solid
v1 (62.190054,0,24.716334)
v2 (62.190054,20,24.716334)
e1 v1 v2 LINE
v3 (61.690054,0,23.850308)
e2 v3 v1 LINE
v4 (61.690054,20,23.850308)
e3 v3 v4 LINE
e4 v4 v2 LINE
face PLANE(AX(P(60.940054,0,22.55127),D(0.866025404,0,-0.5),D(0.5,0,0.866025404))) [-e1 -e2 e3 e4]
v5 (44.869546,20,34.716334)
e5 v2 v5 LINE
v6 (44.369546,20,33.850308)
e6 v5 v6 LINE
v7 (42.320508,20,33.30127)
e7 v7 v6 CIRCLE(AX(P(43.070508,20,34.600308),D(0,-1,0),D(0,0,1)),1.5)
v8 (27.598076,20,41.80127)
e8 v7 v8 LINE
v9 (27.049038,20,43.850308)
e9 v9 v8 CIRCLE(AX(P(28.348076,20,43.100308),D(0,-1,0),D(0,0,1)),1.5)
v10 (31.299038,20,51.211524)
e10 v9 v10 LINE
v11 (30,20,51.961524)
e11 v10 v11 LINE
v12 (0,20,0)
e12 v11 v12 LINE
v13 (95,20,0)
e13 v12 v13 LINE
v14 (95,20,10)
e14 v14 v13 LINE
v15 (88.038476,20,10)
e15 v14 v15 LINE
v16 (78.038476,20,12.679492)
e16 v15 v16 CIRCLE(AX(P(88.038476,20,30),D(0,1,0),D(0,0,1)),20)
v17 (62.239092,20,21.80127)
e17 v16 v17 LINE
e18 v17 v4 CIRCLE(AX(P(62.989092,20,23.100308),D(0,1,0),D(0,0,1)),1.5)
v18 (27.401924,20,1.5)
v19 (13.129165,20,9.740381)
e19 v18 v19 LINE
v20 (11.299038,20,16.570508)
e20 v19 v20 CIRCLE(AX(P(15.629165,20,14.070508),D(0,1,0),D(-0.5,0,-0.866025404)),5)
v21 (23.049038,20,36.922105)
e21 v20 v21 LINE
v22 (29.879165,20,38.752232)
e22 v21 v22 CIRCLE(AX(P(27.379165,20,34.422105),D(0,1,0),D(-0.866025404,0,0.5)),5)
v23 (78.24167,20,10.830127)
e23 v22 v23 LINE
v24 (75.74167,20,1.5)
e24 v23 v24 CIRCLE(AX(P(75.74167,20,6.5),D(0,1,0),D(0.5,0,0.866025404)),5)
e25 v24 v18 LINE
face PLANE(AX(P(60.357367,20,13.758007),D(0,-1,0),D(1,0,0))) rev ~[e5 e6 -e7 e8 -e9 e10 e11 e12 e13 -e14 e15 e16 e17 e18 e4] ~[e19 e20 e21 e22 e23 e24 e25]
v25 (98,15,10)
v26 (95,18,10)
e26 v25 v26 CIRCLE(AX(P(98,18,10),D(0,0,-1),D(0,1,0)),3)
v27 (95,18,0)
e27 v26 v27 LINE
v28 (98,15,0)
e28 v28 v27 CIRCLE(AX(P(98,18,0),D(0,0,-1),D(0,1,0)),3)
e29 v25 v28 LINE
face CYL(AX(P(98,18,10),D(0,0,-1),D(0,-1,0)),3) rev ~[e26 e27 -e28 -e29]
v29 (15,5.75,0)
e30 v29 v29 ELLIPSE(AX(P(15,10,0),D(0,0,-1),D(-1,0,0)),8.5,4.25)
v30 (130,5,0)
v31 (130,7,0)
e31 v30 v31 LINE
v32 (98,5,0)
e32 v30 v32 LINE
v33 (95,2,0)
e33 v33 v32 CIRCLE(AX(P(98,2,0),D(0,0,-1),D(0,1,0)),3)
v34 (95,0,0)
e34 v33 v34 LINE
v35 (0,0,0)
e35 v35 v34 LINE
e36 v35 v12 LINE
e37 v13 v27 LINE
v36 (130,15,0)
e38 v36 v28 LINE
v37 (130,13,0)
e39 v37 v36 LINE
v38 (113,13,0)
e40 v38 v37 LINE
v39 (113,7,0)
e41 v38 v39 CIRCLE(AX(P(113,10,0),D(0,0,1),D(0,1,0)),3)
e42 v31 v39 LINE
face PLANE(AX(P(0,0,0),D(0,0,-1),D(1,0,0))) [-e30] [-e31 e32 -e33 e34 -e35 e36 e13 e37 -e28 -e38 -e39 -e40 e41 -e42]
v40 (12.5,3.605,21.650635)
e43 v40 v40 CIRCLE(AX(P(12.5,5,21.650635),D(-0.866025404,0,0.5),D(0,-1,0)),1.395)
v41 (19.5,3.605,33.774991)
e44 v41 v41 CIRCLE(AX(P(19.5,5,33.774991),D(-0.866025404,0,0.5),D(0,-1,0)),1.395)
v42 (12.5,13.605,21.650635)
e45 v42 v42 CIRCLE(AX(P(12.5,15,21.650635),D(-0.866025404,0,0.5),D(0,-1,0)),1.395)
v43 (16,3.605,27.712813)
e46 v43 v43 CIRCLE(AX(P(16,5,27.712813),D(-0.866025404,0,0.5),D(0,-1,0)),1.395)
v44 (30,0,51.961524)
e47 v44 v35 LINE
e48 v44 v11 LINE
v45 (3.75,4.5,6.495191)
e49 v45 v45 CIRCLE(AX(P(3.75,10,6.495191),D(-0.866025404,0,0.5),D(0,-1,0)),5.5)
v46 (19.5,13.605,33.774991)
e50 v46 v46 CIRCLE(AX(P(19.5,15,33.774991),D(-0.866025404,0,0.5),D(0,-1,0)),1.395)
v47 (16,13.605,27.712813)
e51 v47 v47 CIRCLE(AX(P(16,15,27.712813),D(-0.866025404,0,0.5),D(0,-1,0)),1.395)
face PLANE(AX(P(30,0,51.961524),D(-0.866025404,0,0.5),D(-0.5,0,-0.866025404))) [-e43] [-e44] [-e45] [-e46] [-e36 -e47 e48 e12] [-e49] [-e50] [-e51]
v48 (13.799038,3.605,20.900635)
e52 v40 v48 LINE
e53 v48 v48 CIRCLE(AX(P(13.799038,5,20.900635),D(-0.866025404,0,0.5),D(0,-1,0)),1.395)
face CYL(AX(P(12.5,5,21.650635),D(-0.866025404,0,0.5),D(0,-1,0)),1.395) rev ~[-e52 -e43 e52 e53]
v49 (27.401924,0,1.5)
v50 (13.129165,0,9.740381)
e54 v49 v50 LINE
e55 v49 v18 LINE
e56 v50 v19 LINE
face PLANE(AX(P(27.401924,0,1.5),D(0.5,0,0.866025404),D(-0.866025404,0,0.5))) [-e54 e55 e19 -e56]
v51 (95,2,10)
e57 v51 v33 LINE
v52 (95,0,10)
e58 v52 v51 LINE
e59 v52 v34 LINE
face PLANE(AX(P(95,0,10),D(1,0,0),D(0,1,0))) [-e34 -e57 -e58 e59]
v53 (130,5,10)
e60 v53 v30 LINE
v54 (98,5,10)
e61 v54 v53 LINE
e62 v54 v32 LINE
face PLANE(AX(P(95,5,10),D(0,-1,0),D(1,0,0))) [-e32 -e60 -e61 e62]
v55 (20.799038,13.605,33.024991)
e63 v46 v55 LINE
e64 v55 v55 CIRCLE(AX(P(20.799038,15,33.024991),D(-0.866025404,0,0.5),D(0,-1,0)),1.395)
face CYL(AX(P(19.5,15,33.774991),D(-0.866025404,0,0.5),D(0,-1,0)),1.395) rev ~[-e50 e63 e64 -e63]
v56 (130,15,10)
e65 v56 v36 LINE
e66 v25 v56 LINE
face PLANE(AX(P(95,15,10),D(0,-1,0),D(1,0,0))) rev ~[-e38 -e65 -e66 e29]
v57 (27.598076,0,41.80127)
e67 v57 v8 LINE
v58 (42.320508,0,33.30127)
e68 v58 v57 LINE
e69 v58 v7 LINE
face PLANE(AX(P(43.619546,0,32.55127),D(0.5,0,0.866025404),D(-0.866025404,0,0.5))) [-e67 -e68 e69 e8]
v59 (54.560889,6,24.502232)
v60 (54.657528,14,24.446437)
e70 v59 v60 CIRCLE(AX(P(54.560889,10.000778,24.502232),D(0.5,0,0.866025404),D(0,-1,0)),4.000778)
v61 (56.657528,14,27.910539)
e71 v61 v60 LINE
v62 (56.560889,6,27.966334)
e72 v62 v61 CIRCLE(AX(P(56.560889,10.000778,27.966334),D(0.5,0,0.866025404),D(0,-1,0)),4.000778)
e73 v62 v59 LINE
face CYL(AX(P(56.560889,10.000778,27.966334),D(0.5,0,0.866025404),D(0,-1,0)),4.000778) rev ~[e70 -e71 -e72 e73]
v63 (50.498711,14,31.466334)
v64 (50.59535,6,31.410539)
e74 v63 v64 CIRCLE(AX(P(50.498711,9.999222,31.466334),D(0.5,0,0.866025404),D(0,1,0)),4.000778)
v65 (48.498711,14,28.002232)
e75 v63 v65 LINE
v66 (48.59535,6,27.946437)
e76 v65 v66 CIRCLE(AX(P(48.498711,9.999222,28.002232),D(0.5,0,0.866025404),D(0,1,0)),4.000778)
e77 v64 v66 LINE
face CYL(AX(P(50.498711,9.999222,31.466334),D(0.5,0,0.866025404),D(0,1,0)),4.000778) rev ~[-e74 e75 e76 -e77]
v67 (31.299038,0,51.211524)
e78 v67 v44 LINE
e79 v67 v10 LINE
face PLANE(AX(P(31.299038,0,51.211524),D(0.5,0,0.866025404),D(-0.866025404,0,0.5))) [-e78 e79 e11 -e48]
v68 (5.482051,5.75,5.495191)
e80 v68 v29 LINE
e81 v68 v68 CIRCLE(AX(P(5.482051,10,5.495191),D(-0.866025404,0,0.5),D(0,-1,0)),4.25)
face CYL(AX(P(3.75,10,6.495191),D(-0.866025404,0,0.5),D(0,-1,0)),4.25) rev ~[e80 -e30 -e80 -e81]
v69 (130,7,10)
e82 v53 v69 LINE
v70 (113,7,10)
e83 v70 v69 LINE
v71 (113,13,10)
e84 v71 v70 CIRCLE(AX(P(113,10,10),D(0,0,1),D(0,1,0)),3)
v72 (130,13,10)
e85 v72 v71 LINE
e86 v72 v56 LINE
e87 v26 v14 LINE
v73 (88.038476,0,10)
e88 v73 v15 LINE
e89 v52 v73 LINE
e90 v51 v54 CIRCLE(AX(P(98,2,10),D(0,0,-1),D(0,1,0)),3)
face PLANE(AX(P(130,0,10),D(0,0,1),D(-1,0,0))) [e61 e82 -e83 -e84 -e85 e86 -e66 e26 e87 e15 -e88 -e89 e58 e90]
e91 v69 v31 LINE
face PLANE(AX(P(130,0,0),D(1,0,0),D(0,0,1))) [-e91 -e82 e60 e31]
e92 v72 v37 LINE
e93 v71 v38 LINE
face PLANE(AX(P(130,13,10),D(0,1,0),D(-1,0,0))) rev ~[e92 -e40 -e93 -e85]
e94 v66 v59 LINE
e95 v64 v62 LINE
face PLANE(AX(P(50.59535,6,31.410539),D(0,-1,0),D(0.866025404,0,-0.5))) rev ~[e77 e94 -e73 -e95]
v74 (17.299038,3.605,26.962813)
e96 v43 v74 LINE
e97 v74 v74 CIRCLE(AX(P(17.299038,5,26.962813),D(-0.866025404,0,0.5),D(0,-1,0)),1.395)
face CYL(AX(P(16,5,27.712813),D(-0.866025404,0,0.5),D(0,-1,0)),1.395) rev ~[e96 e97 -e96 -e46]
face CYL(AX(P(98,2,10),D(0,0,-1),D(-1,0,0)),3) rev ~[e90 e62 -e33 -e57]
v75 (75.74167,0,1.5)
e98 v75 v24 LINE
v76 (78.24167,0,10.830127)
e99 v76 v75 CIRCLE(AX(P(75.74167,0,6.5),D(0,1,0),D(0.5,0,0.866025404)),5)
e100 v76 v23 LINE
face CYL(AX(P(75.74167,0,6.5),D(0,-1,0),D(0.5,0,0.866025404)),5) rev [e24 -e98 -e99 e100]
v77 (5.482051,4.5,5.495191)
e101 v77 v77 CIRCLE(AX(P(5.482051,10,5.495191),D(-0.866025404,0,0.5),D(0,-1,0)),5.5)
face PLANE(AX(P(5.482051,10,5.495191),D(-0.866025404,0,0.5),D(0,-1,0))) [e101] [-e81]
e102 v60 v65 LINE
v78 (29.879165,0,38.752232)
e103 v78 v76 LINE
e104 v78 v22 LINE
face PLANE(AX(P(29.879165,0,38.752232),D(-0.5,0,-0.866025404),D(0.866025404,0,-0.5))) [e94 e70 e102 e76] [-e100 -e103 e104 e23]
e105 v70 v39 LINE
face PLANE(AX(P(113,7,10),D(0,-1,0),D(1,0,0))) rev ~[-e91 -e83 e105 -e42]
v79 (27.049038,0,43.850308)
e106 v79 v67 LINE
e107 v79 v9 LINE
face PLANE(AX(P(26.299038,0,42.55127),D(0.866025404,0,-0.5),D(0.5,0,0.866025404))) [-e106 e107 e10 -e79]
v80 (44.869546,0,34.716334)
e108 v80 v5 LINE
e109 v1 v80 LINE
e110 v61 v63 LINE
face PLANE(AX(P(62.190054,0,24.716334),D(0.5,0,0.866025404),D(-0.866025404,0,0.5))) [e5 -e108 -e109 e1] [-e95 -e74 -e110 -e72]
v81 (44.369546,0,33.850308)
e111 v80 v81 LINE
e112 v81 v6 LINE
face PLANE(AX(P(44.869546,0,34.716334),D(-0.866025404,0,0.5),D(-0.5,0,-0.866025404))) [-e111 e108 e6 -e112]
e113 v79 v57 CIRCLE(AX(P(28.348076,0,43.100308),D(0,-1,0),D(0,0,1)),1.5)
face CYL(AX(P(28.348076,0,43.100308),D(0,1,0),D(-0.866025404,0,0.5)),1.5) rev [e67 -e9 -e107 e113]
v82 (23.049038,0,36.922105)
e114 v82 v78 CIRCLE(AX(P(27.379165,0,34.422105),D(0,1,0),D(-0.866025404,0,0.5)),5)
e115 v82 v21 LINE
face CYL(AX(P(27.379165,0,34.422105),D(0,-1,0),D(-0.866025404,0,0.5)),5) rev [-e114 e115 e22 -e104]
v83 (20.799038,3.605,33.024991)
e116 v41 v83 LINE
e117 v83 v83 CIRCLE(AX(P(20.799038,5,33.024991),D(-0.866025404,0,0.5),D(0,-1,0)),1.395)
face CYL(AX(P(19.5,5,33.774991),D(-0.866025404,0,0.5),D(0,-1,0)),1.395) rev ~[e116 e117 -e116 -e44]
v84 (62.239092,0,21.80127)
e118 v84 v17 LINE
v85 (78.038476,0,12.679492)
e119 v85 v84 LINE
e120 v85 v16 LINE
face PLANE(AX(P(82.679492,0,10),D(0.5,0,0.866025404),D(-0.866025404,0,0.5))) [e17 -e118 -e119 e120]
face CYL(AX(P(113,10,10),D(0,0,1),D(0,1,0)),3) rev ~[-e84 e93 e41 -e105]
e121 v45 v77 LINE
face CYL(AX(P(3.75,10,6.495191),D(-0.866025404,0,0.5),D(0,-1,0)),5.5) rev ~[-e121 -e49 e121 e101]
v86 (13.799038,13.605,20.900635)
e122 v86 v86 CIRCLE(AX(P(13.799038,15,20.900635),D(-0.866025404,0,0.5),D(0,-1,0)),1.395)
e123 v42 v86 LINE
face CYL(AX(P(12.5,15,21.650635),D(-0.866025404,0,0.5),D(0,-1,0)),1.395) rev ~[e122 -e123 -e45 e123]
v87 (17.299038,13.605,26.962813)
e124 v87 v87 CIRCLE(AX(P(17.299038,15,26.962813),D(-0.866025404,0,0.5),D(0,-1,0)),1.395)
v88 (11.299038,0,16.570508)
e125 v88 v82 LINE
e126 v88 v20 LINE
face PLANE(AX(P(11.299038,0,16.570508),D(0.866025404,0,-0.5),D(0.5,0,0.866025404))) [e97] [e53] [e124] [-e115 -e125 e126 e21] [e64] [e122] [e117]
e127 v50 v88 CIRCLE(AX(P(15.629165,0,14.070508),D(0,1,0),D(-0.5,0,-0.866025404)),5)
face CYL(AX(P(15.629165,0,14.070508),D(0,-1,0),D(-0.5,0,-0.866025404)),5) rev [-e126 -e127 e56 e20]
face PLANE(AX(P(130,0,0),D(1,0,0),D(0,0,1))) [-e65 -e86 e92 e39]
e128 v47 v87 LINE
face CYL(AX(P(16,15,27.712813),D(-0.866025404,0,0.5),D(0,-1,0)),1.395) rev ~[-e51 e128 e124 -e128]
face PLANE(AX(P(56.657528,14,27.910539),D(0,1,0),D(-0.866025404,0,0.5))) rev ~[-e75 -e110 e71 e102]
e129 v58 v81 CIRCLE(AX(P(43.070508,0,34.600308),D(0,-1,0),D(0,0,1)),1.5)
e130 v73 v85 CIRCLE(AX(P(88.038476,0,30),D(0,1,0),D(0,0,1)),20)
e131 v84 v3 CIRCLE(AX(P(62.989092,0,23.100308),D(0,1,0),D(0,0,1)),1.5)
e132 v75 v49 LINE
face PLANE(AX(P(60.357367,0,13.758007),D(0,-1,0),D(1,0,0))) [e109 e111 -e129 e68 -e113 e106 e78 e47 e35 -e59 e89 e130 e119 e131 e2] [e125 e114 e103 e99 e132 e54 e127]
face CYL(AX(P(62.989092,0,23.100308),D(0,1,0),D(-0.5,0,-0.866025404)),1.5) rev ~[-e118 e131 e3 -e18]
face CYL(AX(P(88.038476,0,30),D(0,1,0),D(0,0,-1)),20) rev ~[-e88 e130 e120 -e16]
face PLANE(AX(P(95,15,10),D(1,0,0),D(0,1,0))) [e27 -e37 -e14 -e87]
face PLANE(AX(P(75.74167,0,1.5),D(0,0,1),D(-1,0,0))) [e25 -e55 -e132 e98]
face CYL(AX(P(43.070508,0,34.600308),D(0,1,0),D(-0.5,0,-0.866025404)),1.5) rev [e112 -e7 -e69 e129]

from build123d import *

# Parameters (mm, degrees)
F1_DEPTH  = 20
F2_R      = 1.5
F3_R      = 20
F4_W      = 35
F4_H      = 5
F5_DEPTH  = 10.001
F6_R      = 3
F8_DEPTH  = 4
F9_R      = 5.5
F9_R_2    = 4.25
F10_DEPTH = 2
F9_R_3    = 1.395
F11_DEPTH = 1.5
F12_DEPTH = 112.584302492


with BuildPart() as f1:
    # F0 (on Front) → F1 (new body)
    with BuildSketch(Plane.XZ):
        Polygon((30, 51.9615242271), (0, 0), (130, 0), (130, 10), (82.6794919243, 10), (60.9400542571, 22.5512701892), (62.1900542571, 24.7163336987), (44.8695461814, 34.7163336987), (43.6195461814, 32.5512701892), (26.2990381057, 42.5512701892), (31.2990381057, 51.2115242271), align=None)
        with BuildLine():
            Line((75.7416697508, 1.5), (27.4019237886, 1.5))
            Line((27.4019237886, 1.5), (13.1291651246, 9.7403810568))
            ThreePointArc((13.1291651246, 9.7403810568), (10.7995359932, 12.7764128502), (11.2990381057, 16.5705080757))
            Line((11.2990381057, 16.5705080757), (23.0490381057, 36.9221050646))
            ThreePointArc((23.0490381057, 36.9221050646), (26.0850698991, 39.2517341961), (29.8791651246, 38.7522320835))
            Line((29.8791651246, 38.7522320835), (78.2416697508, 10.8301270189))
            ThreePointArc((78.2416697508, 10.8301270189), (80.5712988822, 5.2059047745), (75.7416697508, 1.5))
        make_face(mode=Mode.SUBTRACT)
    extrude(amount=-F1_DEPTH)

    # F2
    f2_edges = [f1.edges().sort_by_distance(p)[0] for p in [
        (60.940054, 10, 22.55127),
        (43.619546, 10, 32.55127),
        (26.299038, 10, 42.55127),
    ]]
    fillet(f2_edges, radius=F2_R)

    # F3
    f3_edges = [f1.edges().sort_by_distance(p)[0] for p in [
        (82.679492, 10, 10),
    ]]
    fillet(f3_edges, radius=F3_R)

    # F4 (on face) → F5 (cut, through all)
    with BuildSketch(Plane.XY.offset(10)):
        with Locations((112.5, 2.5)):
            Rectangle(F4_W, F4_H)
        with Locations((112.5, 17.5)):
            Rectangle(F4_W, F4_H)
        with BuildLine():
            Line((113, 7), (130, 7))
            Line((130, 7), (130, 13))
            Line((130, 13), (113, 13))
            ThreePointArc((113, 13), (110, 10), (113, 7))
        make_face()
    extrude(amount=-F5_DEPTH, mode=Mode.SUBTRACT)

    # F6
    f6_edges = [f1.edges().sort_by_distance(p)[0] for p in [
        (95, 5, 5),
        (95, 15, 5),
    ]]
    fillet(f6_edges, radius=F6_R)

    # F7 (on face) → F8 (cut, through all)
    with BuildSketch(Plane(origin=(26.25, 0, 45.4663336987), x_dir=(0.8660254038, 0, -0.5), z_dir=(0.5, 0, 0.8660254038))):
        with BuildLine():
            Line((31.5, 14), (31.5, 6))
            Line((31.5, 6), (35, 6))
            ThreePointArc((35, 6), (39.0003891108, 9.9449782278), (35.1115892082, 14))
            Line((35.1115892082, 14), (31.5, 14))
        make_face()
        with BuildLine():
            Line((28.1115892082, 6), (31.5, 6))
            Line((31.5, 6), (31.5, 14))
            Line((31.5, 14), (28, 14))
            ThreePointArc((28, 14), (23.9996108892, 9.9434217088), (28.1115892082, 6))
        make_face()
    extrude(amount=-F8_DEPTH, mode=Mode.SUBTRACT)

    # F9 (on face) → F10 (cut)
    with BuildSketch(Plane(origin=(0, 0, 0), x_dir=(0, -1, 0), z_dir=(-0.8660254038, 0, 0.5))):
        with Locations((-10, 7.5)):
            Circle(F9_R)
        with Locations((-10, 7.5)):
            Circle(F9_R_2, mode=Mode.SUBTRACT)
    extrude(amount=-F10_DEPTH, mode=Mode.SUBTRACT)

    # F9 (on face) → F11 (cut, through all)
    with BuildSketch(Plane(origin=(0, 0, 0), x_dir=(0, -1, 0), z_dir=(-0.8660254038, 0, 0.5))):
        with Locations((-15, 39)):
            Circle(F9_R_3)
        with Locations((-5, 39)):
            Circle(F9_R_3)
        with Locations((-5, 32)):
            Circle(F9_R_3)
        with Locations((-5, 25)):
            Circle(F9_R_3)
        with Locations((-15, 32)):
            Circle(F9_R_3)
        with Locations((-15, 25)):
            Circle(F9_R_3)
    extrude(amount=-F11_DEPTH, mode=Mode.SUBTRACT)

    # F9 (on face) → F12 (cut, through all)
    with BuildSketch(Plane(origin=(0, 0, 0), x_dir=(0, -1, 0), z_dir=(-0.8660254038, 0, 0.5))):
        with Locations((-10, 7.5)):
            Circle(F9_R_2)
    extrude(amount=-F12_DEPTH, mode=Mode.SUBTRACT)


solid = f1.part
